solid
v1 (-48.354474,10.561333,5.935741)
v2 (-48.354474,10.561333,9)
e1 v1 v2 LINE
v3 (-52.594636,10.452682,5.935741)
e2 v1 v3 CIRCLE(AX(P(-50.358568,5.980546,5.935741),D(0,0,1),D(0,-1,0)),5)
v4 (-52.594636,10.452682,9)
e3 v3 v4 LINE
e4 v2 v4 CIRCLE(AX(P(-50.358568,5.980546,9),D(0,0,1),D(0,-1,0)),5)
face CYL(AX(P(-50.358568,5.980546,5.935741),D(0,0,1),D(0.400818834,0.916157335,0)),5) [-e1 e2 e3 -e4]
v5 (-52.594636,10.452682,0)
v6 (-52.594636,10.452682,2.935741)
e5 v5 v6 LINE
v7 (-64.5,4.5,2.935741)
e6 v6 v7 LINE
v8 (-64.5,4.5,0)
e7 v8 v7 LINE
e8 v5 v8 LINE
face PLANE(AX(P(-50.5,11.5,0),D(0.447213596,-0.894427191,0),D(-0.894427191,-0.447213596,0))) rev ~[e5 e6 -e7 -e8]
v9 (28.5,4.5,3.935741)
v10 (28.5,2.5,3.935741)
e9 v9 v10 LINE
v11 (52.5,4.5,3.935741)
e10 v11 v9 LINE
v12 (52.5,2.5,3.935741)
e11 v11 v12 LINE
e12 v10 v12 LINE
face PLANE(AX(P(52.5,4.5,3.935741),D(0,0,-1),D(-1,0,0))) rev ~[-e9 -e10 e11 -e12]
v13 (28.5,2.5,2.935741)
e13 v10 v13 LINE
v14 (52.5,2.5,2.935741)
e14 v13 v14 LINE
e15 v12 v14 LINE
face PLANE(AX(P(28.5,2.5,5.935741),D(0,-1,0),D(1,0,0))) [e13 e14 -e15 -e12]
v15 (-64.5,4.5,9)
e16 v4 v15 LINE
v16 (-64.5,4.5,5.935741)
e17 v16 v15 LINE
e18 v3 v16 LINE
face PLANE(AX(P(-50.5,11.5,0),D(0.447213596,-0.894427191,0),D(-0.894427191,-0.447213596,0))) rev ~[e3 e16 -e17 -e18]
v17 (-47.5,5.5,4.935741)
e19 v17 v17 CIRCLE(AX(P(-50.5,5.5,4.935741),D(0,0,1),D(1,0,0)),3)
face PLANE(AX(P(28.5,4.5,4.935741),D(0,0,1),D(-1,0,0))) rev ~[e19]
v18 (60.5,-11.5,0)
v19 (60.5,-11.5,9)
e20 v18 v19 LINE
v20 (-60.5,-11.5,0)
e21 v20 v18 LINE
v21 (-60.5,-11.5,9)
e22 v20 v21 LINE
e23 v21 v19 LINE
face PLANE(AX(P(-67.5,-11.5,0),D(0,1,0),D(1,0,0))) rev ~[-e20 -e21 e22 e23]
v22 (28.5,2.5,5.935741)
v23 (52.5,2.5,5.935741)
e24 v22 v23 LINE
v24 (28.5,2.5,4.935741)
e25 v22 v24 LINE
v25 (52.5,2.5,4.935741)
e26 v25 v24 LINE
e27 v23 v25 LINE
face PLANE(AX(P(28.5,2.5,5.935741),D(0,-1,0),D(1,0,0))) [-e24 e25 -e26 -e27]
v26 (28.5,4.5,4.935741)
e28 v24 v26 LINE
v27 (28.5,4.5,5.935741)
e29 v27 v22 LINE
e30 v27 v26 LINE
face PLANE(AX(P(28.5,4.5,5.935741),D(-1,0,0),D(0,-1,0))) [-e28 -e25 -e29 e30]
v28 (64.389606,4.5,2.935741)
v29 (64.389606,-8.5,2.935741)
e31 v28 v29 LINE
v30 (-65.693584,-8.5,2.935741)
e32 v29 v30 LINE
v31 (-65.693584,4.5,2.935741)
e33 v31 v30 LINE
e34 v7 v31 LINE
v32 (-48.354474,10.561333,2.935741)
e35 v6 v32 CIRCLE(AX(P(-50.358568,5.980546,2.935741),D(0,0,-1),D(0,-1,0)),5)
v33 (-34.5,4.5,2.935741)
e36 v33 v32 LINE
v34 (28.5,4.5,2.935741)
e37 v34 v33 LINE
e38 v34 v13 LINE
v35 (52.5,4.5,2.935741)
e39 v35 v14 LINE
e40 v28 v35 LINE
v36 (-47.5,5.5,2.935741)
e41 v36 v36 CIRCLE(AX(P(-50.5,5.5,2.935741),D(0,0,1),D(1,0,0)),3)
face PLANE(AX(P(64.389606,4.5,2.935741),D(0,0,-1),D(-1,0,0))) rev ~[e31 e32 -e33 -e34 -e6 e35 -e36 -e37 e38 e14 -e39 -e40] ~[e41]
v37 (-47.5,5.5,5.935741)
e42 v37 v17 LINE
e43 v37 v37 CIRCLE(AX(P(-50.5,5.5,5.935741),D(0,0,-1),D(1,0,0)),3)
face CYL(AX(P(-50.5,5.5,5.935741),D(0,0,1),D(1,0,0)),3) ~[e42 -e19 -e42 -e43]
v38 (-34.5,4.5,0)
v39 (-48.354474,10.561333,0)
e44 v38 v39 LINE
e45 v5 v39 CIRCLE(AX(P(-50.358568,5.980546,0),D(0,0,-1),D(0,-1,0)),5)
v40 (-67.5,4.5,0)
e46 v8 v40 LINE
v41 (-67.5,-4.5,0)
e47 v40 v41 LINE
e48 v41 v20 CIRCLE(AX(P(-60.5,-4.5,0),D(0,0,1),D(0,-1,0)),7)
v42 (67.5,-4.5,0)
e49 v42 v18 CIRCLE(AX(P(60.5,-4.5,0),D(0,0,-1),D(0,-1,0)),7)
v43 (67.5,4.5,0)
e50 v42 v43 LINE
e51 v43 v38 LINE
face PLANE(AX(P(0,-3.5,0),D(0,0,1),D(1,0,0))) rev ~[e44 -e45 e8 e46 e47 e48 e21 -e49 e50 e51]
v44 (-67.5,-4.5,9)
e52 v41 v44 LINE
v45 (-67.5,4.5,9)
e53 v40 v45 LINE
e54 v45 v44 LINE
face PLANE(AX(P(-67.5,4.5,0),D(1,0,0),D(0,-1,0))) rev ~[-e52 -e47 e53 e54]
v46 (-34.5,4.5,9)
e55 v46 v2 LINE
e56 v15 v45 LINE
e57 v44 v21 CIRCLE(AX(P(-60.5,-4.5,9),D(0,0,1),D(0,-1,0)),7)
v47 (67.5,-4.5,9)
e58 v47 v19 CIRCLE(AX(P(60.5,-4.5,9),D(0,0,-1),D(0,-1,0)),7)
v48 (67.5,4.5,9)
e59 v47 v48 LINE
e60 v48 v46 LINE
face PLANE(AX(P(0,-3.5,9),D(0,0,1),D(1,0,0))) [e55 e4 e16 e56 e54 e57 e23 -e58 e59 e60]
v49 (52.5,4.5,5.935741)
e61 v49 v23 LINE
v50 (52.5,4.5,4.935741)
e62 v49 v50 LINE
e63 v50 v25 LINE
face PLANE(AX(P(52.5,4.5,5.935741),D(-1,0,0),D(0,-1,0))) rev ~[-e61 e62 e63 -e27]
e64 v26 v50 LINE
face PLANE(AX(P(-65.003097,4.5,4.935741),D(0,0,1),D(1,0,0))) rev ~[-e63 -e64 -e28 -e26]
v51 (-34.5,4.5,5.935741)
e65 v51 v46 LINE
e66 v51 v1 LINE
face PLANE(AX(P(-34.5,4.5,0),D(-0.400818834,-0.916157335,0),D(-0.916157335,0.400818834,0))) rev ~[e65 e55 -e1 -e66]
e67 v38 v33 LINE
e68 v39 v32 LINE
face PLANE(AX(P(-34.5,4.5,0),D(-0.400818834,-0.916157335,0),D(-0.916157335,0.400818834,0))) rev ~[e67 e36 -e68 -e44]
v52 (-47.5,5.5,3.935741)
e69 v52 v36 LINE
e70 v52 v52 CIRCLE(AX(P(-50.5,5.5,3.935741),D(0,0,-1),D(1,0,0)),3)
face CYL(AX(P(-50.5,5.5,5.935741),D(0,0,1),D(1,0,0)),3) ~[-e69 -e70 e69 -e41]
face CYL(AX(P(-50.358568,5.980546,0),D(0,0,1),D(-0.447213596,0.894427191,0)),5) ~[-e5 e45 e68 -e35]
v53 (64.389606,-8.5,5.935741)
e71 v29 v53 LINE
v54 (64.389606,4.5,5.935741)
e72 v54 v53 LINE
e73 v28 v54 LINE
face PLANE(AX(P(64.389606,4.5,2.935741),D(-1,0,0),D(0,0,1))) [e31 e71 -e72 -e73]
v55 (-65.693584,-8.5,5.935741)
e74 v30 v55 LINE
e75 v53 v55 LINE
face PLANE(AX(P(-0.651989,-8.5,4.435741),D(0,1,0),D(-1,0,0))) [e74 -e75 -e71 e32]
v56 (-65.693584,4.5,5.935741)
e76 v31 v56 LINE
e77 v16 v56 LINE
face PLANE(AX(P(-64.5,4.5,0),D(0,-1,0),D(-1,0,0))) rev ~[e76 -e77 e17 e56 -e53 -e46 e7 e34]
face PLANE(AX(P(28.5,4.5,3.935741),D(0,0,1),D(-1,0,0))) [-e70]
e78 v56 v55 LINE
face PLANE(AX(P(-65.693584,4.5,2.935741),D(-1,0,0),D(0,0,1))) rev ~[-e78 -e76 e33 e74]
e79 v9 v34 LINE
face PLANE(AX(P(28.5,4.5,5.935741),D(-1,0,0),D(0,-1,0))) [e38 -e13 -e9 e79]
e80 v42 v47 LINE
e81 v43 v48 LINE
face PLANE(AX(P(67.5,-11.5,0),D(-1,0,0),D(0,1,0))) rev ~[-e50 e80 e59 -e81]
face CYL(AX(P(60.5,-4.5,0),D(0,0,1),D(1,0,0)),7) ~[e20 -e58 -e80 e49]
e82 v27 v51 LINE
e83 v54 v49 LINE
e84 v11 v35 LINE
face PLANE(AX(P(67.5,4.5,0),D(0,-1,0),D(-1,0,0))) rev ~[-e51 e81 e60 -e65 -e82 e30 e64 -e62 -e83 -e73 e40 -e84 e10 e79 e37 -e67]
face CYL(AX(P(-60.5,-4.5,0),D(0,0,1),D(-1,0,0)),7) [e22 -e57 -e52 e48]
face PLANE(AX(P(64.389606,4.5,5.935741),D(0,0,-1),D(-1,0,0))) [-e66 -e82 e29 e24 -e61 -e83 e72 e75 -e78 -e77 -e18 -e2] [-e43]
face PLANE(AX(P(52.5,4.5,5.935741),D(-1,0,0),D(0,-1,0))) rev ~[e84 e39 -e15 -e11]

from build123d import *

# Parameters (mm, degrees)
F1_DEPTH  = 9
F2_W      = 130.0831899747
F2_H      = 3
F3_DEPTH  = 13
F4_DEPTH  = 25
F5_W      = 24
F5_H      = 2
F6_DEPTH  = 3
F8_R      = 3
F9_DEPTH  = 4
F7_W      = 24
F7_H      = 1
F7_W_2    = 93.5030970573
F10_DEPTH = 10
F11_DEPTH = 25
F12_R     = 5
F13_R     = 7


with BuildPart() as f1:
    # F0 (on Top) → F1 (new body)
    with BuildSketch(Plane.XY):
        Polygon((-64.5, 4.5), (-67.5, 4.5), (-67.5, -11.5), (67.5, -11.5), (67.5, 4.5), (-34.5, 4.5), align=None)
        Polygon((-34.5, 4.5), (-50.5, 11.5), (-64.5, 4.5), align=None)
    extrude(amount=F1_DEPTH)

    # F2 (on face) → F3 (cut)
    with BuildSketch(Plane(origin=(0, 4.5, 0), x_dir=(-1, 0, 0), z_dir=(0, 1, 0))):
        with Locations((0.6519891322, 4.4357408187)):
            Rectangle(F2_W, F2_H)
    extrude(amount=-F3_DEPTH, mode=Mode.SUBTRACT)

    # F4 (cut): a face of the model
    f4_faces = [f1.faces().sort_by_distance(p)[0] for p in [
        (-0.6519891322, -8.5, 4.4357408187),
    ]]
    extrude(f4_faces, amount=F4_DEPTH, mode=Mode.SUBTRACT)

    # F5 (on face) → F6 (join)
    with BuildSketch(Plane(origin=(0, 0, 5.9357408187), x_dir=(1, 0, 0), z_dir=(0, 0, -1))):
        with Locations((40.5, -3.5)):
            Rectangle(F5_W, F5_H)
    extrude(amount=F6_DEPTH)

    # F8 (on face) → F9 (join)
    with BuildSketch(Plane(origin=(0, 0, 5.9357408187), x_dir=(1, 0, 0), z_dir=(0, 0, -1))):
        with Locations((-50.5, -5.5)):
            Circle(F8_R)
    extrude(amount=F9_DEPTH)

    # F7 (on face) → F10 (cut)
    with BuildSketch(Plane(origin=(0, 4.5, 0), x_dir=(-1, 0, 0), z_dir=(0, 1, 0))):
        with Locations((-40.5, 4.4357408187)):
            Rectangle(F7_W, F7_H)
        with Locations((18.2515485287, 4.4357408187)):
            Rectangle(F7_W_2, F7_H)
    extrude(amount=-F10_DEPTH, mode=Mode.SUBTRACT)

    # F7 (on face) → F11 (cut)
    with BuildSketch(Plane(origin=(0, 4.5, 0), x_dir=(-1, 0, 0), z_dir=(0, 1, 0))):
        with Locations((18.2515485287, 4.4357408187)):
            Rectangle(F7_W_2, F7_H)
    extrude(amount=F11_DEPTH, mode=Mode.SUBTRACT)

    # F12
    f12_edges = [f1.edges().sort_by_distance(p)[0] for p in [
        (-50.5, 11.5, 1.46787),
        (-50.5, 11.5, 7.46787),
    ]]
    fillet(f12_edges, radius=F12_R)

    # F13
    f13_edges = [f1.edges().sort_by_distance(p)[0] for p in [
        (-67.5, -11.5, 4.5),
        (67.5, -11.5, 4.5),
    ]]
    fillet(f13_edges, radius=F13_R)


solid = f1.part
